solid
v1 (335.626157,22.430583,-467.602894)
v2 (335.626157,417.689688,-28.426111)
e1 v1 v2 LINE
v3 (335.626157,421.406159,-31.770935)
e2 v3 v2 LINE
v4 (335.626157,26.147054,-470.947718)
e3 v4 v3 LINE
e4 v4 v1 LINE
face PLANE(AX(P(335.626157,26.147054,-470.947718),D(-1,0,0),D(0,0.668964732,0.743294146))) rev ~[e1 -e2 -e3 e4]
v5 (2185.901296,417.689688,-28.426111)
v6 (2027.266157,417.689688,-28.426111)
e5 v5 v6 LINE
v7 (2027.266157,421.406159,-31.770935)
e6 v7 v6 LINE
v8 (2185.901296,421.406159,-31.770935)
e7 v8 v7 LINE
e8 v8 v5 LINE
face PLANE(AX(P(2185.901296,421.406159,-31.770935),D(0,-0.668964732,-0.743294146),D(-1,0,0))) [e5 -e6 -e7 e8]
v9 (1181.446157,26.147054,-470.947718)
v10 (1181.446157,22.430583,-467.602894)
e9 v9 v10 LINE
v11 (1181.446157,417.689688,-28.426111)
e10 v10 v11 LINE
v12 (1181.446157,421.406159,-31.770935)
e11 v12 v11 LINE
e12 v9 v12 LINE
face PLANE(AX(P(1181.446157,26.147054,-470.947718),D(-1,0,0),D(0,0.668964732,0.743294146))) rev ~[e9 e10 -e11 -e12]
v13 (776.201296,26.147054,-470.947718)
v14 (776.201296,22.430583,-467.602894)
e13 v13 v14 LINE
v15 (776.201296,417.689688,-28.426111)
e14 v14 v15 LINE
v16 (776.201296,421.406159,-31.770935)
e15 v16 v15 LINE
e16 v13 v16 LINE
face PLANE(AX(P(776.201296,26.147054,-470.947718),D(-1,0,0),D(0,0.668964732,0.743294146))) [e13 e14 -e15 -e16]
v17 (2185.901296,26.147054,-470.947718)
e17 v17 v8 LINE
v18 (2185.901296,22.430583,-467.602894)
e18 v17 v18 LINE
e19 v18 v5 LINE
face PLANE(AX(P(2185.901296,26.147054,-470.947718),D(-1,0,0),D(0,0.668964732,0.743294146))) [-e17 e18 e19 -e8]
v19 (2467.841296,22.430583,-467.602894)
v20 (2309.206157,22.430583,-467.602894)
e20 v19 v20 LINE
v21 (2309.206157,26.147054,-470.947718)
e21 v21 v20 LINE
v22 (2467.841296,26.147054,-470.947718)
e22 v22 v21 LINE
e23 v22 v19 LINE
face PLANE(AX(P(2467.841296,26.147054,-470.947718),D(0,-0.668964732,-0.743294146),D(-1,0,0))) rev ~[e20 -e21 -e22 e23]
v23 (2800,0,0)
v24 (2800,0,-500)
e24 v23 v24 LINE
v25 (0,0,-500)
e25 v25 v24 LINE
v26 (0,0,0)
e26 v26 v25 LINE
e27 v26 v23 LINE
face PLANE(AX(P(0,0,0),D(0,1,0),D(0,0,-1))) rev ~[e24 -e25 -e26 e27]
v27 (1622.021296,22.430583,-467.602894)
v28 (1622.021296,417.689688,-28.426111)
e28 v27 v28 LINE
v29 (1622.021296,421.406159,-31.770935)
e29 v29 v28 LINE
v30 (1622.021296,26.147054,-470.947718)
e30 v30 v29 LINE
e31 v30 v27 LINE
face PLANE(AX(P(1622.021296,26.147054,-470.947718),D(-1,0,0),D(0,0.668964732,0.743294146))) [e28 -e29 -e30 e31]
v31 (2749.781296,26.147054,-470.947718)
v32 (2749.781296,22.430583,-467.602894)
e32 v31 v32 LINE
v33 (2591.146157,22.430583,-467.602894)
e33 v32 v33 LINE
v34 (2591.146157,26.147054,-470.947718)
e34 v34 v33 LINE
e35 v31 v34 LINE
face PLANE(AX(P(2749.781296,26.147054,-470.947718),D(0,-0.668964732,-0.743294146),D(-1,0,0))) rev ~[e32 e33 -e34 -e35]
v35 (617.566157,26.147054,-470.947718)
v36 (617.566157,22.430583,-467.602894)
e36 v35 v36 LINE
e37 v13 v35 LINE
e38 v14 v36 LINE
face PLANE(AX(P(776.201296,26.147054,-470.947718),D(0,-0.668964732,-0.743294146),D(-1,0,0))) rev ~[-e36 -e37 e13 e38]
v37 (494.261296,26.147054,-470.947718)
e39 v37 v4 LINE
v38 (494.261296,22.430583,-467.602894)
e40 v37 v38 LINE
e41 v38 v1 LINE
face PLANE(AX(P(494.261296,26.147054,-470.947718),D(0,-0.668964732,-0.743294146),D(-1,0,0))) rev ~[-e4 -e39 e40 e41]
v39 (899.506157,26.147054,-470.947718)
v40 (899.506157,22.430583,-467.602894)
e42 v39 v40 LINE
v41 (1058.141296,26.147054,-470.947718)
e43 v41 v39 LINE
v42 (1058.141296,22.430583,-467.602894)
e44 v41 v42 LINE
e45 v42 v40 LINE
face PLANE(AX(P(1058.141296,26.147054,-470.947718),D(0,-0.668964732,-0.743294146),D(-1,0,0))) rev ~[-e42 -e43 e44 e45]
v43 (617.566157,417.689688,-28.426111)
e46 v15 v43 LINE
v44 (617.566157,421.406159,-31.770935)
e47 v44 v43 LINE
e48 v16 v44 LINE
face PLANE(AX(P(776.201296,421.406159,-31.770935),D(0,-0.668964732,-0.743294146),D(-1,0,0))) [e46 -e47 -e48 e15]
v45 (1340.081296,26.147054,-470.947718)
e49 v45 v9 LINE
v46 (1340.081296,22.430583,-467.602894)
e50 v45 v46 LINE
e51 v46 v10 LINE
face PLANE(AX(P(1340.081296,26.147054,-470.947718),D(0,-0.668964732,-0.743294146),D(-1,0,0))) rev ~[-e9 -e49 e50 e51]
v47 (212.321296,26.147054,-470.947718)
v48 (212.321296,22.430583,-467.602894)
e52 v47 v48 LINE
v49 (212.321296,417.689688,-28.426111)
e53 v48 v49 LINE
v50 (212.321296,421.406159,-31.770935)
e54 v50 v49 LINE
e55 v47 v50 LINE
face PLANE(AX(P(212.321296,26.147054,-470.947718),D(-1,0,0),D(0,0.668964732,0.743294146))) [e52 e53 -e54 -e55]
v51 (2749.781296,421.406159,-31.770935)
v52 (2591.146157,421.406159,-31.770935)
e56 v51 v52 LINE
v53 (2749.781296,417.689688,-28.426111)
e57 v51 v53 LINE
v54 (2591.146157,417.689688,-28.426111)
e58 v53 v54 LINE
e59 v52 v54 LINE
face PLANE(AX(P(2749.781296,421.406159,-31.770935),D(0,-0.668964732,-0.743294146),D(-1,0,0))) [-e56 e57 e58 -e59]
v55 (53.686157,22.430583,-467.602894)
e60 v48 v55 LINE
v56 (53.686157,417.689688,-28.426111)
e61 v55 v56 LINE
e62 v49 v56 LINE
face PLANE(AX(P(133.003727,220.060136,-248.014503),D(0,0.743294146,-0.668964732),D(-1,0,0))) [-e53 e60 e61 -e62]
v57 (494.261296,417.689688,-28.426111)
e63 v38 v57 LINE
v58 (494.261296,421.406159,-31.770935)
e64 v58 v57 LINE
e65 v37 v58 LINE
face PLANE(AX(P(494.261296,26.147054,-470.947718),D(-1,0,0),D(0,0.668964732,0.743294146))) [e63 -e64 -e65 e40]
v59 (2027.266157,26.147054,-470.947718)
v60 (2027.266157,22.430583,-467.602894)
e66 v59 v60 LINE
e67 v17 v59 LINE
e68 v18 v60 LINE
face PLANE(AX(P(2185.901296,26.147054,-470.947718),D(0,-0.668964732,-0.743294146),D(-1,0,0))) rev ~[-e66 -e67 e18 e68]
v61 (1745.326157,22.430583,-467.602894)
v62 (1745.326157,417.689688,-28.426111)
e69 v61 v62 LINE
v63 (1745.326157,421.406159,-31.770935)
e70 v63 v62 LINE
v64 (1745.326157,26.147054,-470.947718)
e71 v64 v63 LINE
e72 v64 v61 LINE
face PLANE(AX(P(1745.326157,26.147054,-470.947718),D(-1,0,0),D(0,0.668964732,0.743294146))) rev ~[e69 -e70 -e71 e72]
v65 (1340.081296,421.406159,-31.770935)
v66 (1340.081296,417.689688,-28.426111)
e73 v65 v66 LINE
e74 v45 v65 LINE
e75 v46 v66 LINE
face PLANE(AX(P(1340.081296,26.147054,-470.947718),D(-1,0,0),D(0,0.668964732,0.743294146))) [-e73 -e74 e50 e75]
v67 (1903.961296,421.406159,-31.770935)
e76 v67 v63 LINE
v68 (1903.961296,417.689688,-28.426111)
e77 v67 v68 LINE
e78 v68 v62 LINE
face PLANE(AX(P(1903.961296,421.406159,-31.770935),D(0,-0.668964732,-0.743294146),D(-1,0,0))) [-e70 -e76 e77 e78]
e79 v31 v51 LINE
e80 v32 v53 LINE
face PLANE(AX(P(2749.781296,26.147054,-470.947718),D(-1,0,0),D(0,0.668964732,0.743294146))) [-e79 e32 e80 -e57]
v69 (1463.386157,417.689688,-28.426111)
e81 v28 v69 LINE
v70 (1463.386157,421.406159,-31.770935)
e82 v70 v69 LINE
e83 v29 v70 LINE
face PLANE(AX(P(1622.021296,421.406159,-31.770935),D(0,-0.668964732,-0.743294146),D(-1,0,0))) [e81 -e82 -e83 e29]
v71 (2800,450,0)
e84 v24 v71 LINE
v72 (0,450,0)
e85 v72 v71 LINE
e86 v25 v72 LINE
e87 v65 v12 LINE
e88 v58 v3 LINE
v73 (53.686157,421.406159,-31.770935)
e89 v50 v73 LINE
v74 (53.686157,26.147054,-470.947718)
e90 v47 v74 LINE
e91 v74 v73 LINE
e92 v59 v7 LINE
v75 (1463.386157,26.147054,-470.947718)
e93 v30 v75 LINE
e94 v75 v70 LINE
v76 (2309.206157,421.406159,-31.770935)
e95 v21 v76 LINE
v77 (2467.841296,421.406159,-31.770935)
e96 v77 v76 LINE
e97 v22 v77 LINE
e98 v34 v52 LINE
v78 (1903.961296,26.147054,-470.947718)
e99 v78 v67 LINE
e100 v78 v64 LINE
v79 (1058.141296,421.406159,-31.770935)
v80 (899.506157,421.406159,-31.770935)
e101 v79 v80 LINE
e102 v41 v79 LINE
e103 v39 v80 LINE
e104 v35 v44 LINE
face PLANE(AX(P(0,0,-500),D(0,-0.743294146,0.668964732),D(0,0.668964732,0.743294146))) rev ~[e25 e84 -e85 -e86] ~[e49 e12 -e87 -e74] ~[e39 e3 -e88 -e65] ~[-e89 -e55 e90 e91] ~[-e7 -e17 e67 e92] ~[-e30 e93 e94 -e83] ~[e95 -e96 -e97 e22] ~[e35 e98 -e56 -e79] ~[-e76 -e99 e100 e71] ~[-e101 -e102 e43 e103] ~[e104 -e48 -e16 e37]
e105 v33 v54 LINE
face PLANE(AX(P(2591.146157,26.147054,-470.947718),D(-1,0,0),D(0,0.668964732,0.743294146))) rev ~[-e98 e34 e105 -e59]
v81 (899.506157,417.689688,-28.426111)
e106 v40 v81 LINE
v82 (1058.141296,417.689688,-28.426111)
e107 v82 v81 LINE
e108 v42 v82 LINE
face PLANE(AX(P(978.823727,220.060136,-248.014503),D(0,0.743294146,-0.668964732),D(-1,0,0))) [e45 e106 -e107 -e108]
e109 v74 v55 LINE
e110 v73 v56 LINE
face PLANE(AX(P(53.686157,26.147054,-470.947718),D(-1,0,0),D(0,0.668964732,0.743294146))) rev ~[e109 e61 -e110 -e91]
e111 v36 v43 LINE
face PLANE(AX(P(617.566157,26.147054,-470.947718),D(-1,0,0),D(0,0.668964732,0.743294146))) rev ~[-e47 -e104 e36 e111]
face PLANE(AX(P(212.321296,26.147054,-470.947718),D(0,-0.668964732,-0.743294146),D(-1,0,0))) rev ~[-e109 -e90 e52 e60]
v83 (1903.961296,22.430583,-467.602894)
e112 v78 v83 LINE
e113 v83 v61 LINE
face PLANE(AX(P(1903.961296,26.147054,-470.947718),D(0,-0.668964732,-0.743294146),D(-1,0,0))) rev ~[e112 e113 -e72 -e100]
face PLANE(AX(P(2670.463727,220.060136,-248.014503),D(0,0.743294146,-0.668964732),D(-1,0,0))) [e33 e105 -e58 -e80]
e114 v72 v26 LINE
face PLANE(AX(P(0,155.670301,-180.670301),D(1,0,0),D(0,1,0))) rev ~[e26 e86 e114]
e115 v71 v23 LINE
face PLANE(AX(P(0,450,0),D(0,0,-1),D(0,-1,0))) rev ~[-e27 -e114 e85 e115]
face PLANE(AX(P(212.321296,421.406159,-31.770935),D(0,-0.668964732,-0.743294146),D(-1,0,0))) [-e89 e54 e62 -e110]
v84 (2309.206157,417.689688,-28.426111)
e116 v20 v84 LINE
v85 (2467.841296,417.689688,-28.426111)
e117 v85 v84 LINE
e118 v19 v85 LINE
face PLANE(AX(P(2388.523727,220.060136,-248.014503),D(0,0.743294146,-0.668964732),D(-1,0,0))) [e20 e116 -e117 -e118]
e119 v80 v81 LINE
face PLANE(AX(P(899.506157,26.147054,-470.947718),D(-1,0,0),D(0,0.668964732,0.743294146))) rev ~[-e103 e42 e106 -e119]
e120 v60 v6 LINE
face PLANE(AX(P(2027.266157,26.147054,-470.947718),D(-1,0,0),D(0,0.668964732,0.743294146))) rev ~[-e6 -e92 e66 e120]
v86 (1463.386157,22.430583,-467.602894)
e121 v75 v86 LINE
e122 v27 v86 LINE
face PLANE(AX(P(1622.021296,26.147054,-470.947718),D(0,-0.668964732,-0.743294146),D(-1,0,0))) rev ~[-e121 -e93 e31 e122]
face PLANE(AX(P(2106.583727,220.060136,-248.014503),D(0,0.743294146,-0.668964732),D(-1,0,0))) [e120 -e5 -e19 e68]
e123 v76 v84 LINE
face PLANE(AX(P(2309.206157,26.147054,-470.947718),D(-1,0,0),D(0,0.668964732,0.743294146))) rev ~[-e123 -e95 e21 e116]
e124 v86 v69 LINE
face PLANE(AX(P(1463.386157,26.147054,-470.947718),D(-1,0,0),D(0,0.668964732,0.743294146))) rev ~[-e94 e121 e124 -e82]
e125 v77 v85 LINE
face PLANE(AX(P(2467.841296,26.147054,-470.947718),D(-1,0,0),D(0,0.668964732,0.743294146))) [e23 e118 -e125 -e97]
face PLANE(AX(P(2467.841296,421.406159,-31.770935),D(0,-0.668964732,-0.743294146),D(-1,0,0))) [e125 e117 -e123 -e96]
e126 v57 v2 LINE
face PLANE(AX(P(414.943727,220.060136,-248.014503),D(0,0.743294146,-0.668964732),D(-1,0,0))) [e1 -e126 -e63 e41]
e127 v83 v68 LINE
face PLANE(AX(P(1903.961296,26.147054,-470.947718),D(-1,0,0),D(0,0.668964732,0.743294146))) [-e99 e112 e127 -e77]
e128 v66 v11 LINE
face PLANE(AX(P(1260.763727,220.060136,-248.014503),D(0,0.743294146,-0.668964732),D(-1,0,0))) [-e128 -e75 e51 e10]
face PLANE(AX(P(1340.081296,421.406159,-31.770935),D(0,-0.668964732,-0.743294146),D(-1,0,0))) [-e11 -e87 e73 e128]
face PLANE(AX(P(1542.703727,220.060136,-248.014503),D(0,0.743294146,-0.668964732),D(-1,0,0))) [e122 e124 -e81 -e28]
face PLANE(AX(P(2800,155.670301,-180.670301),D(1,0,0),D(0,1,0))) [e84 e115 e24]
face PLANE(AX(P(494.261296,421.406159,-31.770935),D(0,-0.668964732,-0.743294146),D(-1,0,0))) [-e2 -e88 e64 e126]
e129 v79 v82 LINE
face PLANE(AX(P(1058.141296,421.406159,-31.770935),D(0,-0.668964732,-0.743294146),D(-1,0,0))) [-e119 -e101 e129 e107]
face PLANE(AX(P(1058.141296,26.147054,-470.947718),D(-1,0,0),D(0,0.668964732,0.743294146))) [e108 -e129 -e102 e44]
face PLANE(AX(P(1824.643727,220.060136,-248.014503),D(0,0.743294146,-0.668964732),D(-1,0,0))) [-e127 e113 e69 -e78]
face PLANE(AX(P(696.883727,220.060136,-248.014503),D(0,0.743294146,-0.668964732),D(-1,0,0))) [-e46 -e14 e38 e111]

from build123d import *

# Parameters (mm, degrees)
F1_DEPTH = 2800
F2_W     = 158.6351394653
F2_H     = 590.8519327641
F3_DEPTH = 5


with BuildPart() as f1:
    # F0 (on Right) → F1 (new body)
    with BuildSketch(Plane.YZ):
        Polygon((450, 0), (0, 0), (0, -500), align=None)
    extrude(amount=F1_DEPTH)

    # F2 (on face) → F3 (cut)
    with BuildSketch(Plane(origin=(0, 248.6187845304, -223.7569060773), x_dir=(-1, 0, 0), z_dir=(0, 0.7432941462, -0.6689647316))):
        with Locations((-2670.4637266016, -37.135258317)):
            Rectangle(F2_W, F2_H)
        with Locations((-2388.5237266016, -37.135258317)):
            Rectangle(F2_W, F2_H)
        with Locations((-2106.5837266016, -37.135258317)):
            Rectangle(F2_W, F2_H)
        with Locations((-1824.6437266016, -37.135258317)):
            Rectangle(F2_W, F2_H)
        with Locations((-1542.7037266016, -37.135258317)):
            Rectangle(F2_W, F2_H)
        with Locations((-1260.7637266016, -37.135258317)):
            Rectangle(F2_W, F2_H)
        with Locations((-978.8237266016, -37.135258317)):
            Rectangle(F2_W, F2_H)
        with Locations((-696.8837266016, -37.135258317)):
            Rectangle(F2_W, F2_H)
        with Locations((-414.9437266016, -37.135258317)):
            Rectangle(F2_W, F2_H)
        with Locations((-133.0037266016, -37.135258317)):
            Rectangle(F2_W, F2_H)
    extrude(amount=-F3_DEPTH, mode=Mode.SUBTRACT)


solid = f1.part
